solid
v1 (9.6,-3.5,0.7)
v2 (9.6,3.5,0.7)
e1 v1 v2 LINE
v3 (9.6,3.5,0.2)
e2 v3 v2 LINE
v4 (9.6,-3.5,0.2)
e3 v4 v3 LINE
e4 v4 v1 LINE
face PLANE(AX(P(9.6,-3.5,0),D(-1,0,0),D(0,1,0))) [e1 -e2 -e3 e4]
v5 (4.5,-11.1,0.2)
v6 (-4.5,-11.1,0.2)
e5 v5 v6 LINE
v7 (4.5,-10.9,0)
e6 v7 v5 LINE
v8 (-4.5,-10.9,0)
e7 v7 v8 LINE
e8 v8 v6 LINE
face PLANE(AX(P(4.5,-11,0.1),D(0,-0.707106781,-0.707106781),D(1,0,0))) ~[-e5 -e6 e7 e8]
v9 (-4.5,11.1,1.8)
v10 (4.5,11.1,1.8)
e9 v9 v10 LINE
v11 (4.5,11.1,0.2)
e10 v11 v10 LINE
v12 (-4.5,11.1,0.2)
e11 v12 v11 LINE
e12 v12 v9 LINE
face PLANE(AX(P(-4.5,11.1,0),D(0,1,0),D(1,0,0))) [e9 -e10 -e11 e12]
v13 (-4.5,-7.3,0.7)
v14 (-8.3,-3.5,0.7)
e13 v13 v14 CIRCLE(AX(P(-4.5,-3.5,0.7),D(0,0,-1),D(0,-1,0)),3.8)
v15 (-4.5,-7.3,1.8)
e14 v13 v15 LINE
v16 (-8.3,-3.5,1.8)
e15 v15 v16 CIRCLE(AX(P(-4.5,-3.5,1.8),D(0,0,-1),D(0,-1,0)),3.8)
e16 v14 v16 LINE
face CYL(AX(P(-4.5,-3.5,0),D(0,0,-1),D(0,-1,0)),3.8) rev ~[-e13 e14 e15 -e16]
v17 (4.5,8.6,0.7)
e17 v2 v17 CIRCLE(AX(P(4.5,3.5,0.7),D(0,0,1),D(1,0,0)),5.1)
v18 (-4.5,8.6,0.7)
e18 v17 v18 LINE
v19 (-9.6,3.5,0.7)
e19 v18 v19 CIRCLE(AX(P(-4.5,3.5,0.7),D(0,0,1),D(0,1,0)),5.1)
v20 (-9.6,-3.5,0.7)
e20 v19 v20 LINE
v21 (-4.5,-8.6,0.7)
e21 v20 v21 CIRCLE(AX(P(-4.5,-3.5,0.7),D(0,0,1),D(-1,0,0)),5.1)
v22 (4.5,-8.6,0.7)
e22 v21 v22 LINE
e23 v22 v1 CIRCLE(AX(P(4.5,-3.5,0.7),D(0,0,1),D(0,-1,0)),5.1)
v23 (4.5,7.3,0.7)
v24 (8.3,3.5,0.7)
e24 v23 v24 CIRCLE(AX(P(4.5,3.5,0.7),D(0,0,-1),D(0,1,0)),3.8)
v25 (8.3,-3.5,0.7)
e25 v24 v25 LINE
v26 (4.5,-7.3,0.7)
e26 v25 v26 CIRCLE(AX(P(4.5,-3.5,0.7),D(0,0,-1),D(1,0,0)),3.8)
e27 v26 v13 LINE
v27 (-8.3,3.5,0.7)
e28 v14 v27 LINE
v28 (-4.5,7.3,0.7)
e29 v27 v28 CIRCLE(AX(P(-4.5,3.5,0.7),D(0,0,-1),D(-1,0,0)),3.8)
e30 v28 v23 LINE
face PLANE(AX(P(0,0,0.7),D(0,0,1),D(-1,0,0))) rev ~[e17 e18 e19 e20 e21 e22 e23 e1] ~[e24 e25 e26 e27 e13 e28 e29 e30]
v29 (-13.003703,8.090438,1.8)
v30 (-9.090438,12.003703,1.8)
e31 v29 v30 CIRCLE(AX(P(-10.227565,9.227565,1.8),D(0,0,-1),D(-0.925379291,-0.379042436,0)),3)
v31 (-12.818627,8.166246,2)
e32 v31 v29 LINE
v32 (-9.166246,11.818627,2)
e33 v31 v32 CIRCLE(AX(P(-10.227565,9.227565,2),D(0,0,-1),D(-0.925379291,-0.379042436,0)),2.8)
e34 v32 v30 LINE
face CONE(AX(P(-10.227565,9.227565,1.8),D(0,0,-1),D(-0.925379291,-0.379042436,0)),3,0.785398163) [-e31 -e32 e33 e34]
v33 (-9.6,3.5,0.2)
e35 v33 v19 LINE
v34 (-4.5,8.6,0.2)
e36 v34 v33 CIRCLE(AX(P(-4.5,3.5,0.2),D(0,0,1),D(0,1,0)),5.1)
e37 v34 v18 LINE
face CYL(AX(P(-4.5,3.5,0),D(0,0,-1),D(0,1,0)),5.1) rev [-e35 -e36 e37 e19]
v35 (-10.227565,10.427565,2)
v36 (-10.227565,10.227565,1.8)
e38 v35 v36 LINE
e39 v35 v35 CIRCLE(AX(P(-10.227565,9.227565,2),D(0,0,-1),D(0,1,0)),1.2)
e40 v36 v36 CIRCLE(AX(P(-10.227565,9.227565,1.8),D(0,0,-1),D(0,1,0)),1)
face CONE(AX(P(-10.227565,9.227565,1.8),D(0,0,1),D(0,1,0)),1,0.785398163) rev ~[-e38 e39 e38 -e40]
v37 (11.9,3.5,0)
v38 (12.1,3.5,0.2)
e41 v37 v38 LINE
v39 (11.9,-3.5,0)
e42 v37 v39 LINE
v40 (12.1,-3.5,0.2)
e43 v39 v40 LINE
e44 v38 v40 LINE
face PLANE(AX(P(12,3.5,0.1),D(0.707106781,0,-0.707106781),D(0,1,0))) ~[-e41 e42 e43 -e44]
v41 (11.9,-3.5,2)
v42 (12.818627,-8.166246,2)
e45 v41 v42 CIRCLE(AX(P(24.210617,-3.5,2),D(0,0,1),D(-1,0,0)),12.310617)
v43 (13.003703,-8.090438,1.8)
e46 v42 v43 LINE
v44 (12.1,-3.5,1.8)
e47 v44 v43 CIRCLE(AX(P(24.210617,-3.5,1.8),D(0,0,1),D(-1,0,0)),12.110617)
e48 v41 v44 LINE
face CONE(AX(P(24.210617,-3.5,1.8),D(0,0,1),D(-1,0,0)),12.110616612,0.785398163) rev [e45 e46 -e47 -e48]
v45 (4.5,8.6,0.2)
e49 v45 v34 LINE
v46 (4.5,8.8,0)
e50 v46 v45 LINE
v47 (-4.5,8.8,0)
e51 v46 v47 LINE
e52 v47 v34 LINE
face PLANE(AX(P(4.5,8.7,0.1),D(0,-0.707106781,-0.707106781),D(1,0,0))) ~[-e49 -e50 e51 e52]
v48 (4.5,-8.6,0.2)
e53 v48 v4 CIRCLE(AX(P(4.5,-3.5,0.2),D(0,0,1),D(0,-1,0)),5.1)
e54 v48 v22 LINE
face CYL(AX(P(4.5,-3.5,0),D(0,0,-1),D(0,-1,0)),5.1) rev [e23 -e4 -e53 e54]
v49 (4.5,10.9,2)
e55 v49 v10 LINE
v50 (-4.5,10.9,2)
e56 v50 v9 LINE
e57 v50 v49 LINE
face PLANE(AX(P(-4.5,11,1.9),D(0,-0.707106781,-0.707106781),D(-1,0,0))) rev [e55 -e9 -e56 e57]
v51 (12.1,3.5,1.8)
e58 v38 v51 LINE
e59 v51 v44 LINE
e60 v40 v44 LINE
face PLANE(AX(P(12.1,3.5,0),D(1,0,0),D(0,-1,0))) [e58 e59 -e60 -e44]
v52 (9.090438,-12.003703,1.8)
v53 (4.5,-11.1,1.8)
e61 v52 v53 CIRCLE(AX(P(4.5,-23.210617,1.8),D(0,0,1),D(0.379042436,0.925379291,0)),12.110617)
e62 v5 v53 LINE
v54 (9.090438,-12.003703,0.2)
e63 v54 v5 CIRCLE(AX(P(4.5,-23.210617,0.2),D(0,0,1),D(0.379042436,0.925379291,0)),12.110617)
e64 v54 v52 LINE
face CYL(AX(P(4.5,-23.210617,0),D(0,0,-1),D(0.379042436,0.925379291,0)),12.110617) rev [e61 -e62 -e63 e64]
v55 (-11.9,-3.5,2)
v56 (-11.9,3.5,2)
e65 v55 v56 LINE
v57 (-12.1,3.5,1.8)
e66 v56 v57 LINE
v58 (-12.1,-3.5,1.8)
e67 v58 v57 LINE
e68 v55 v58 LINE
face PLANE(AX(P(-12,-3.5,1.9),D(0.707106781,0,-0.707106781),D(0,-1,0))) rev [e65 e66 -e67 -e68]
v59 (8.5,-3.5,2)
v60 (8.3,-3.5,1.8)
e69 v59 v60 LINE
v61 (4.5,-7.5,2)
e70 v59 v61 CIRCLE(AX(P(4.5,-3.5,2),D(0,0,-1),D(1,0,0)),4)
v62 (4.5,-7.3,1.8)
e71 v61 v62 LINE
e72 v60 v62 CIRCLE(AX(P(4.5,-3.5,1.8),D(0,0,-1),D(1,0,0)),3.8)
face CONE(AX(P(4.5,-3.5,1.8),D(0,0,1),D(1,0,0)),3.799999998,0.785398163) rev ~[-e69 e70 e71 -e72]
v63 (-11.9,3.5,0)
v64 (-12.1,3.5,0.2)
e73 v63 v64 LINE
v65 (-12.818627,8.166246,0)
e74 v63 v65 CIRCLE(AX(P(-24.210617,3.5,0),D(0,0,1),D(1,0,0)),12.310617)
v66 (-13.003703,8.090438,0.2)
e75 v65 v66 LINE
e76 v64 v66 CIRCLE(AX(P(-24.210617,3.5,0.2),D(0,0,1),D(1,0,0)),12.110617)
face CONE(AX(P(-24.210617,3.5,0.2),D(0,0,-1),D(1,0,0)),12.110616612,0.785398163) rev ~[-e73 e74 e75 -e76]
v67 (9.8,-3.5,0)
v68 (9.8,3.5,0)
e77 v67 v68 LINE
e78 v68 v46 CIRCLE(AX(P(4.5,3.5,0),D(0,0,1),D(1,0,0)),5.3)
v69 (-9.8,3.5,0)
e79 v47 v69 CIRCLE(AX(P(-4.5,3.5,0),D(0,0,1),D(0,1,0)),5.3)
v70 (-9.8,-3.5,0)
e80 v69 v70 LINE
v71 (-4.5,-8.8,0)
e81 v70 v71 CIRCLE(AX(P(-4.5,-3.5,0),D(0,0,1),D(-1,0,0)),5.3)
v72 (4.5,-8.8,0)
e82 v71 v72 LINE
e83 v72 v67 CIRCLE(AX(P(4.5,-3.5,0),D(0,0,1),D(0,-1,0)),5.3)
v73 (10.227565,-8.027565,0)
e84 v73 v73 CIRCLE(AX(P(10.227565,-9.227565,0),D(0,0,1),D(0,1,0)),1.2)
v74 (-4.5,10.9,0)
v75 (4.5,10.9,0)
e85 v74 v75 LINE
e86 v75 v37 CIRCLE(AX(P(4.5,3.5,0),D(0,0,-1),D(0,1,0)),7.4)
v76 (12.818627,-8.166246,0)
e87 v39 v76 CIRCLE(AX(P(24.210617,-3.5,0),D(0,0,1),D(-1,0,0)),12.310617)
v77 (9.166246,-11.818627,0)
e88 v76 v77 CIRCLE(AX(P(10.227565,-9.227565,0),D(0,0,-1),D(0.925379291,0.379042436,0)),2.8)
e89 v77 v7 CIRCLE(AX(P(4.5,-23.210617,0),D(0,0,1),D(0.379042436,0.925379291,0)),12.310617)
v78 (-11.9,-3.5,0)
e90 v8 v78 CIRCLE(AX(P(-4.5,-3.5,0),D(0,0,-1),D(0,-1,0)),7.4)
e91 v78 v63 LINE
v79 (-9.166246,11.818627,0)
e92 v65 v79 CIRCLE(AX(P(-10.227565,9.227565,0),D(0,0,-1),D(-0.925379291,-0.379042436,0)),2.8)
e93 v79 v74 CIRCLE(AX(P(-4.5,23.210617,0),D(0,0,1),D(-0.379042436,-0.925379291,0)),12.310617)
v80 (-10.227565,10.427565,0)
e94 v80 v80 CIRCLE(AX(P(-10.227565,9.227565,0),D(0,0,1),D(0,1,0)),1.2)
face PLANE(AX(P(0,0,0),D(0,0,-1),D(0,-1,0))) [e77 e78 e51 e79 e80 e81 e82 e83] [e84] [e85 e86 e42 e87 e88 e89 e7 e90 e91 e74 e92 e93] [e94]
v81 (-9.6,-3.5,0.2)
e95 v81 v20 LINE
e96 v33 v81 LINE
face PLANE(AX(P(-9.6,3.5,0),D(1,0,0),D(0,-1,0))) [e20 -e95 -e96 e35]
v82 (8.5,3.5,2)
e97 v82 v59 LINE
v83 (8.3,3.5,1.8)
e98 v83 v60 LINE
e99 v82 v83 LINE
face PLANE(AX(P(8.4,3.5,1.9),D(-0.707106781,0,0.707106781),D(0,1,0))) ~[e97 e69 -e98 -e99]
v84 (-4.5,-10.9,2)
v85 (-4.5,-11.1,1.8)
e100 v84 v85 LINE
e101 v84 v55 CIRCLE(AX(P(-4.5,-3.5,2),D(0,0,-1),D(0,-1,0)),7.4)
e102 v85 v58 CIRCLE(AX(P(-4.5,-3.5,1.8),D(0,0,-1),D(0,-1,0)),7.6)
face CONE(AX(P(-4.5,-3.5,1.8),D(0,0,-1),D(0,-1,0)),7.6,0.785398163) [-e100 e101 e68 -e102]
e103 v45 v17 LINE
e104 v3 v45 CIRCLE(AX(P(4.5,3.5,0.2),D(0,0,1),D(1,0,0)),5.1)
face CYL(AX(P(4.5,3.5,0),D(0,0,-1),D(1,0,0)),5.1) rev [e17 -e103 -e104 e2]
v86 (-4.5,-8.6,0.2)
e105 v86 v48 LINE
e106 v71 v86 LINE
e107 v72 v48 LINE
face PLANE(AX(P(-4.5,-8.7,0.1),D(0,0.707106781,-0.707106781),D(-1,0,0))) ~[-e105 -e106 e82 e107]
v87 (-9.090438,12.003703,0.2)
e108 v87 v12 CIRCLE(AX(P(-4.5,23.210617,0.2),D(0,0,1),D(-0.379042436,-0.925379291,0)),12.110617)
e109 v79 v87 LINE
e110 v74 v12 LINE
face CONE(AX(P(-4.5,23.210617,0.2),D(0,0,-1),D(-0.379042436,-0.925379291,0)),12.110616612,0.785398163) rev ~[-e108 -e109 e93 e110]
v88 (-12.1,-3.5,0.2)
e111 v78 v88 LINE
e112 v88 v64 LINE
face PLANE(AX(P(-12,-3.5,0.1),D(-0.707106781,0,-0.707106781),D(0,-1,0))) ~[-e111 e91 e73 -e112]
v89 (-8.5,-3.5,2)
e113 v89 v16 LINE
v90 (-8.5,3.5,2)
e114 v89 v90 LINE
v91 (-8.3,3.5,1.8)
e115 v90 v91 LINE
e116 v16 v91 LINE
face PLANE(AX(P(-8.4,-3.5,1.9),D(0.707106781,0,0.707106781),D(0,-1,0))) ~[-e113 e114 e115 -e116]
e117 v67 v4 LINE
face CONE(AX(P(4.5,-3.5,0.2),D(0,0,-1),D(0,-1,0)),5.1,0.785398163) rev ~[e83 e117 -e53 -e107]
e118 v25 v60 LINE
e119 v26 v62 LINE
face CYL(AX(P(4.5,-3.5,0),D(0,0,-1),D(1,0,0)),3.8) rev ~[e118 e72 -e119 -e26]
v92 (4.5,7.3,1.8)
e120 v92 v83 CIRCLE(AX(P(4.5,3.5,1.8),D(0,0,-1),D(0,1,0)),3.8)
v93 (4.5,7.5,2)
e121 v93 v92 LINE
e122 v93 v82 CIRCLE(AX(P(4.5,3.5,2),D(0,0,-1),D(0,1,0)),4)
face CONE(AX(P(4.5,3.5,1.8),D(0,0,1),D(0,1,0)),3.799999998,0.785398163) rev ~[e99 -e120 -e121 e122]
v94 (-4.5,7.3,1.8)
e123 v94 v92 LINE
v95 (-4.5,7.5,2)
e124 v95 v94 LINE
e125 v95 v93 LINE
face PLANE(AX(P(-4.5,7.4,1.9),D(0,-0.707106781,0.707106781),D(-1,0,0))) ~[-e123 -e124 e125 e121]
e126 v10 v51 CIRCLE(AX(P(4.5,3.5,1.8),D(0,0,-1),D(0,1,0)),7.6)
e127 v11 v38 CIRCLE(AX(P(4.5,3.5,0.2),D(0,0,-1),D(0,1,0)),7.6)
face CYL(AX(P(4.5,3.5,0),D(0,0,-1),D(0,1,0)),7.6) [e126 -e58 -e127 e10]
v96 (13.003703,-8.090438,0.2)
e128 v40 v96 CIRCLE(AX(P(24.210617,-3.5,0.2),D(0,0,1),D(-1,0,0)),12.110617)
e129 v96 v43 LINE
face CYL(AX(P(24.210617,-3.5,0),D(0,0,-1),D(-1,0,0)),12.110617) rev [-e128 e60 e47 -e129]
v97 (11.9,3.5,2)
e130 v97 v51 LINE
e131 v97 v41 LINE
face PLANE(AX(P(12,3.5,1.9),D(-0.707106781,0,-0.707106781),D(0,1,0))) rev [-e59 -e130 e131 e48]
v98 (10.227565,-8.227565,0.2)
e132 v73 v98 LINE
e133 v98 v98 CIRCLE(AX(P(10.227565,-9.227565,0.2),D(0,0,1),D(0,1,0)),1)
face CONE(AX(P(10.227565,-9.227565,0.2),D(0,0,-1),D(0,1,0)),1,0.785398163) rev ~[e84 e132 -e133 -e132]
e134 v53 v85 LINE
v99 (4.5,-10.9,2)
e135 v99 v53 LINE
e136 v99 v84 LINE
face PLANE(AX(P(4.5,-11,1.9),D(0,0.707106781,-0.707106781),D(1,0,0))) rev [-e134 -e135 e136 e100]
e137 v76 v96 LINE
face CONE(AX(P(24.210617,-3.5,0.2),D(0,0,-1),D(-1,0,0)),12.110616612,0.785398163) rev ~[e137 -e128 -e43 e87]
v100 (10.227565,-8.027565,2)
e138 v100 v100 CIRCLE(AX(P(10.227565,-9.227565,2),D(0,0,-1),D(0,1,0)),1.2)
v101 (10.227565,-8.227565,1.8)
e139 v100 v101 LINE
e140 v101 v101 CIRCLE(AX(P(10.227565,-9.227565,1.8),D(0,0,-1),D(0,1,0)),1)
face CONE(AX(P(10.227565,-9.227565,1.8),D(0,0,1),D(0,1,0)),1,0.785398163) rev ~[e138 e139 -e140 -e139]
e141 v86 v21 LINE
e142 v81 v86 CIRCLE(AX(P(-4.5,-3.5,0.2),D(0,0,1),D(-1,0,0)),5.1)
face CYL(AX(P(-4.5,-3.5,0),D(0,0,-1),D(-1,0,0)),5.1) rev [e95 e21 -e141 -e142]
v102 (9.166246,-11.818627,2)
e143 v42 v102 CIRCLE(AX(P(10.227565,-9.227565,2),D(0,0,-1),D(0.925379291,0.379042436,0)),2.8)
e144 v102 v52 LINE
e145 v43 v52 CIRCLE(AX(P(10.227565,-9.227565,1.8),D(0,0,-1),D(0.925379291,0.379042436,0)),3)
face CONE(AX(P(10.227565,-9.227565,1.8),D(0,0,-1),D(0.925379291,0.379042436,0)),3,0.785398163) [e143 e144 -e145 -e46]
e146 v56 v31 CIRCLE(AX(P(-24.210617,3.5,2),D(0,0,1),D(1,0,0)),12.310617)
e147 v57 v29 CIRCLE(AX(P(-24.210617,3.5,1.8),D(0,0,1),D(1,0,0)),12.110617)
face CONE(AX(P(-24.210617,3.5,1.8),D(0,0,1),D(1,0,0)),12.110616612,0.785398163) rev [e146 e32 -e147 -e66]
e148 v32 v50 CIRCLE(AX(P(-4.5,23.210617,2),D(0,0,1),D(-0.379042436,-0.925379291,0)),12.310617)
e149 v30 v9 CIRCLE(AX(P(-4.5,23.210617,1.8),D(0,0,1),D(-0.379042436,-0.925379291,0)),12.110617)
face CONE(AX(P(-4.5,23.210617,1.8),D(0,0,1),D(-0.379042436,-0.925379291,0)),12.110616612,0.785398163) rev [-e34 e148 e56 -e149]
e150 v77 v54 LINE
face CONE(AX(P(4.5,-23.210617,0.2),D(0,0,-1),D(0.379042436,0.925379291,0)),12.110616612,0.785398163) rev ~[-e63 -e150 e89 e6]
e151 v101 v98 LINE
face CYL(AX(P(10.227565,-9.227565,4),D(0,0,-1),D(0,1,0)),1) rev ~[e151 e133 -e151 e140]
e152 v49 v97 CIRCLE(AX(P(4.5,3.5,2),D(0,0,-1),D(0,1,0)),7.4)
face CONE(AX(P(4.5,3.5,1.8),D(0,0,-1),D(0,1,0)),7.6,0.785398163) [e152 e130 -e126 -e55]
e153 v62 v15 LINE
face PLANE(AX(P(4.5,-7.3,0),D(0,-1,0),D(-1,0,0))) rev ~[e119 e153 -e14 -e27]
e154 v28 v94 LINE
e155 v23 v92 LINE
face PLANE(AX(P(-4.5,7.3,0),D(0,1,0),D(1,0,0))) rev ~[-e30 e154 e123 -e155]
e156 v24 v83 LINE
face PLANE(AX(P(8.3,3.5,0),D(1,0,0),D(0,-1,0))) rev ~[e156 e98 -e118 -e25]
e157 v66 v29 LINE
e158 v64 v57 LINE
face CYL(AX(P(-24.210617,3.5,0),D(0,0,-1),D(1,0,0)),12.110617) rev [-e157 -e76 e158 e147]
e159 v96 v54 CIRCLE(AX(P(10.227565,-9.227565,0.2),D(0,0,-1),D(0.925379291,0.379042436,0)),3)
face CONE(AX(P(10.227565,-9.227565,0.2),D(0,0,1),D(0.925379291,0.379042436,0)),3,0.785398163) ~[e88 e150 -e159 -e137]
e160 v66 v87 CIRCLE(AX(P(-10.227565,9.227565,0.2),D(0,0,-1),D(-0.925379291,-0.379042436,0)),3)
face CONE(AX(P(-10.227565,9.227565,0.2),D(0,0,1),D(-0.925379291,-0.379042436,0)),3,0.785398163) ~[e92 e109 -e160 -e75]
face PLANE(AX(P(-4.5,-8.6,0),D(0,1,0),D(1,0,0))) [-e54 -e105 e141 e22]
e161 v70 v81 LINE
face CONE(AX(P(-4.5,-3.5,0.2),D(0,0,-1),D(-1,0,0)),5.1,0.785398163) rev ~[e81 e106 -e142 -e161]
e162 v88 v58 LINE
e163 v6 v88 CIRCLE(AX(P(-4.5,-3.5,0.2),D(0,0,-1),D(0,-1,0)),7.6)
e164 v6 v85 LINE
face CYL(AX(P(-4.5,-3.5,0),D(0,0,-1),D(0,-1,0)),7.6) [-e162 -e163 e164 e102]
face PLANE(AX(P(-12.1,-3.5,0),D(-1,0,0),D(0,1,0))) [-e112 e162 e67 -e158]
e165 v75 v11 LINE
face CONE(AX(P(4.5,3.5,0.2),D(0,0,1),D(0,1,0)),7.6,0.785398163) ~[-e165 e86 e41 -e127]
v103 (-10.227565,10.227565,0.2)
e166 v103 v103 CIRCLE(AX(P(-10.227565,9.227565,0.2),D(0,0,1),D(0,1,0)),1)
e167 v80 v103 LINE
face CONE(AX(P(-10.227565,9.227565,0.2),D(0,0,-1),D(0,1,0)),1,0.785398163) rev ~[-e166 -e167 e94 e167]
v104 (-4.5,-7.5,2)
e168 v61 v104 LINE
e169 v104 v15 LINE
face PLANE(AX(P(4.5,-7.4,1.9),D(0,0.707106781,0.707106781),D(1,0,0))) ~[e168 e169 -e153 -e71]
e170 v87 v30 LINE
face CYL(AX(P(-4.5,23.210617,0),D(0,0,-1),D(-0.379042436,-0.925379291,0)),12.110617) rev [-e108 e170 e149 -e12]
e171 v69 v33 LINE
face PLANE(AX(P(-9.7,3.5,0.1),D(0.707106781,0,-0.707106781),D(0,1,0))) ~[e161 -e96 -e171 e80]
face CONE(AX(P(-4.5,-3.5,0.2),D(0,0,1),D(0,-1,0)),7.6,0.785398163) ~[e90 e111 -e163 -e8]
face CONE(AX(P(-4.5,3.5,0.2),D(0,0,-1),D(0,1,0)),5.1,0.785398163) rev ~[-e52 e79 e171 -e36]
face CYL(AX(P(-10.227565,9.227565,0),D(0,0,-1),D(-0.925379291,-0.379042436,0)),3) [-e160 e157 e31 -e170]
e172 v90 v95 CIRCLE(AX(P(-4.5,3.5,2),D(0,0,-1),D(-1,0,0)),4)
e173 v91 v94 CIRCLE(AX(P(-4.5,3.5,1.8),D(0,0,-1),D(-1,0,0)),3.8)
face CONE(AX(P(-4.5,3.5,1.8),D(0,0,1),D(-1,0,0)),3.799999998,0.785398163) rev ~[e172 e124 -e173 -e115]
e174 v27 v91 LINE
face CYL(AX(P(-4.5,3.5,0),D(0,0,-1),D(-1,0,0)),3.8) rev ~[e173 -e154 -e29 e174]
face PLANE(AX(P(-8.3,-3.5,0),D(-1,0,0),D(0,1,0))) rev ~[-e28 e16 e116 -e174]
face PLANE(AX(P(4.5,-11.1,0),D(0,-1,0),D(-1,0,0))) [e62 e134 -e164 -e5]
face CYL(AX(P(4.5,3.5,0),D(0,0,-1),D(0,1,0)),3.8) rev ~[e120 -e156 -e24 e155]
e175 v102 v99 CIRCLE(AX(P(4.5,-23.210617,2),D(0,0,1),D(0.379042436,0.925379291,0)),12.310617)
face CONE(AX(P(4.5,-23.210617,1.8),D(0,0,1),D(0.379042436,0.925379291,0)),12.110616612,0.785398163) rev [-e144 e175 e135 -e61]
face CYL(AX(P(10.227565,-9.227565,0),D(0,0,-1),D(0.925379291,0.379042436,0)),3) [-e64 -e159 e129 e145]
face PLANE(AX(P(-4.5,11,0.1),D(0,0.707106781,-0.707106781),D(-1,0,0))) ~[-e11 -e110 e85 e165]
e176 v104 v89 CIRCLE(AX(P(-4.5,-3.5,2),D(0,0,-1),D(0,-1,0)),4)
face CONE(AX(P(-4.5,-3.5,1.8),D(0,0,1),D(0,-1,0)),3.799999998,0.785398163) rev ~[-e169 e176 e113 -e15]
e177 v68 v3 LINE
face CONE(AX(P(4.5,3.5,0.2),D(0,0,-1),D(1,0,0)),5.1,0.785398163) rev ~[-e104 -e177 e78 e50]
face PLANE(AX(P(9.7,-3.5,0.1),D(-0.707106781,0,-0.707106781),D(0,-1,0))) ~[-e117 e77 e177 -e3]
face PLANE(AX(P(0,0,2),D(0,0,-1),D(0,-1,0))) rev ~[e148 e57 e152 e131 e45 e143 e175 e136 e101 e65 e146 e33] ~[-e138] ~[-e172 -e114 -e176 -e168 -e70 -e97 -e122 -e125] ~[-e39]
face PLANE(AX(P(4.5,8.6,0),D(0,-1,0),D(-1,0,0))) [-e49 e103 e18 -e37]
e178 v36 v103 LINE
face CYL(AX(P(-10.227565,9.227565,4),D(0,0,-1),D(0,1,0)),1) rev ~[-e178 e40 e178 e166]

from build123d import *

# Parameters (mm, degrees)
AUFSATZ_LINEAR_AUSTRAGEN1_DEPTH    = 2
F_2_0_2_DURCHMESSER_BOHRUNG1_D     = 2
F_2_0_2_DURCHMESSER_BOHRUNG1_DEPTH = 2
F_2_0_2_DURCHMESSER_BOHRUNG1_TIP   = 0.600860619
SCHNITT_LINEAR_AUSTRAGEN1_DEPTH    = 0.7
FASE2_SIZE                         = 0.2


with BuildPart() as part:
    # Skizze1 → Aufsatz-Linear austragen1 (new body)
    with BuildSketch(Plane(origin=(0, 0, 0), x_dir=(0, 1, 0), z_dir=(0, 0, 1))):
        with BuildLine():
            Line((-3.5, 12.1), (3.5, 12.1))
            ThreePointArc((3.5, 12.1), (5.839273194, 12.328073296), (8.090437621, 13.0037028))
            ThreePointArc((8.090437621, 13.0037028), (11.348885271, 12.348885271), (12.0037028, 9.090437621))
            ThreePointArc((12.0037028, 9.090437621), (11.328073296, 6.839273194), (11.1, 4.5))
            Line((11.1, 4.5), (11.1, -4.5))
            ThreePointArc((11.1, -4.5), (8.874011537, -9.874011537), (3.5, -12.1))
            Line((3.5, -12.1), (-3.5, -12.1))
            ThreePointArc((-3.5, -12.1), (-5.839273194, -12.328073296), (-8.090437621, -13.0037028))
            ThreePointArc((-8.090437621, -13.0037028), (-11.348885271, -12.348885271), (-12.0037028, -9.090437621))
            ThreePointArc((-12.0037028, -9.090437621), (-11.328073296, -6.839273194), (-11.1, -4.5))
            Line((-11.1, -4.5), (-11.1, 4.5))
            ThreePointArc((-11.1, 4.5), (-8.874011537, 9.874011537), (-3.5, 12.1))
        make_face()
        with BuildLine():
            Line((-3.5, 8.3), (3.5, 8.3))
            ThreePointArc((3.5, 8.3), (6.187005769, 7.187005769), (7.3, 4.5))
            Line((7.3, 4.5), (7.3, -4.5))
            ThreePointArc((7.3, -4.5), (6.187005769, -7.187005769), (3.5, -8.3))
            Line((3.5, -8.3), (-3.5, -8.3))
            ThreePointArc((-3.5, -8.3), (-6.187005769, -7.187005769), (-7.3, -4.5))
            Line((-7.3, -4.5), (-7.3, 4.5))
            ThreePointArc((-7.3, 4.5), (-6.187005769, 7.187005769), (-3.5, 8.3))
        make_face(mode=Mode.SUBTRACT)
    extrude(amount=AUFSATZ_LINEAR_AUSTRAGEN1_DEPTH)

    # Ø2.0 (2) Durchmesser Bohrung1
    with Locations(Plane(origin=(0, 0, 2), x_dir=(0, -1, 0), z_dir=(0, 0, 1))):
        with Locations((-9.227564928, -10.227564928), (9.227564928, 10.227564928)):
            Hole(F_2_0_2_DURCHMESSER_BOHRUNG1_D / 2, depth=F_2_0_2_DURCHMESSER_BOHRUNG1_DEPTH)
            with Locations((0, 0, -(F_2_0_2_DURCHMESSER_BOHRUNG1_DEPTH + F_2_0_2_DURCHMESSER_BOHRUNG1_TIP / 2))):  # 118° drill point
                Cone(0, F_2_0_2_DURCHMESSER_BOHRUNG1_D / 2, F_2_0_2_DURCHMESSER_BOHRUNG1_TIP, mode=Mode.SUBTRACT)

    # Skizze5 → Schnitt-Linear austragen1 (cut)
    with BuildSketch(Plane(origin=(0, 0, 0), x_dir=(1, 0, 0), z_dir=(0, 0, -1))):
        with BuildLine():
            Line((4.5, -8.6), (-4.5, -8.6))
            ThreePointArc((-4.5, -8.6), (-8.106244584, -7.106244584), (-9.6, -3.5))
            Line((-9.6, -3.5), (-9.6, 3.5))
            ThreePointArc((-9.6, 3.5), (-8.106244584, 7.106244584), (-4.5, 8.6))
            Line((-4.5, 8.6), (4.5, 8.6))
            ThreePointArc((4.5, 8.6), (8.106244584, 7.106244584), (9.6, 3.5))
            Line((9.6, 3.5), (9.6, -3.5))
            ThreePointArc((9.6, -3.5), (8.106244584, -7.106244584), (4.5, -8.6))
        make_face()
    extrude(amount=-SCHNITT_LINEAR_AUSTRAGEN1_DEPTH, mode=Mode.SUBTRACT)

    # Fase2
    fase2_edges = [part.edges().sort_by_distance(p)[0] for p in [
        (0, 11.1, 2),
        (-8.3, 0, 2),
        (-7.187005769, 6.187005769, 2),
        (0, 7.3, 2),
        (0, 11.1, 0),
        (9.874011537, 8.874011537, 0),
        (12.1, 0, 0),
        (12.328073296, -5.839273194, 0),
        (12.348885271, -11.348885271, 0),
        (6.839273194, -11.328073296, 0),
        (0, -11.1, 0),
        (-9.874011537, -8.874011537, 0),
        (-12.1, 0, 0),
        (-12.328073296, 5.839273194, 0),
        (7.187005769, 6.187005769, 2),
        (-12.348885271, 11.348885271, 0),
        (-6.839273194, 11.328073296, 0),
        (8.3, 0, 2),
        (7.187005769, -6.187005769, 2),
        (0, -7.3, 2),
        (-6.839273194, 11.328073296, 2),
        (-12.348885271, 11.348885271, 2),
        (-12.328073296, 5.839273194, 2),
        (-12.1, 0, 2),
        (10.227564928, -10.227564928, 2),
        (10.227564928, -10.227564928, 0),
        (-9.874011537, -8.874011537, 2),
        (-7.187005769, -6.187005769, 2),
        (-10.227564928, 8.227564928, 2),
        (-10.227564928, 8.227564928, 0),
        (0, -11.1, 2),
        (6.839273194, -11.328073296, 2),
        (12.348885271, -11.348885271, 2),
        (12.328073296, -5.839273194, 2),
        (-8.106244584, 7.106244584, 0),
        (0, 8.6, 0),
        (8.106244584, 7.106244584, 0),
        (9.6, 0, 0),
        (8.106244584, -7.106244584, 0),
        (0, -8.6, 0),
        (-8.106244584, -7.106244584, 0),
        (12.1, 0, 2),
        (-9.6, 0, 0),
        (9.874011537, 8.874011537, 2),
    ]]
    chamfer(fase2_edges, length=FASE2_SIZE)


solid = part.part
